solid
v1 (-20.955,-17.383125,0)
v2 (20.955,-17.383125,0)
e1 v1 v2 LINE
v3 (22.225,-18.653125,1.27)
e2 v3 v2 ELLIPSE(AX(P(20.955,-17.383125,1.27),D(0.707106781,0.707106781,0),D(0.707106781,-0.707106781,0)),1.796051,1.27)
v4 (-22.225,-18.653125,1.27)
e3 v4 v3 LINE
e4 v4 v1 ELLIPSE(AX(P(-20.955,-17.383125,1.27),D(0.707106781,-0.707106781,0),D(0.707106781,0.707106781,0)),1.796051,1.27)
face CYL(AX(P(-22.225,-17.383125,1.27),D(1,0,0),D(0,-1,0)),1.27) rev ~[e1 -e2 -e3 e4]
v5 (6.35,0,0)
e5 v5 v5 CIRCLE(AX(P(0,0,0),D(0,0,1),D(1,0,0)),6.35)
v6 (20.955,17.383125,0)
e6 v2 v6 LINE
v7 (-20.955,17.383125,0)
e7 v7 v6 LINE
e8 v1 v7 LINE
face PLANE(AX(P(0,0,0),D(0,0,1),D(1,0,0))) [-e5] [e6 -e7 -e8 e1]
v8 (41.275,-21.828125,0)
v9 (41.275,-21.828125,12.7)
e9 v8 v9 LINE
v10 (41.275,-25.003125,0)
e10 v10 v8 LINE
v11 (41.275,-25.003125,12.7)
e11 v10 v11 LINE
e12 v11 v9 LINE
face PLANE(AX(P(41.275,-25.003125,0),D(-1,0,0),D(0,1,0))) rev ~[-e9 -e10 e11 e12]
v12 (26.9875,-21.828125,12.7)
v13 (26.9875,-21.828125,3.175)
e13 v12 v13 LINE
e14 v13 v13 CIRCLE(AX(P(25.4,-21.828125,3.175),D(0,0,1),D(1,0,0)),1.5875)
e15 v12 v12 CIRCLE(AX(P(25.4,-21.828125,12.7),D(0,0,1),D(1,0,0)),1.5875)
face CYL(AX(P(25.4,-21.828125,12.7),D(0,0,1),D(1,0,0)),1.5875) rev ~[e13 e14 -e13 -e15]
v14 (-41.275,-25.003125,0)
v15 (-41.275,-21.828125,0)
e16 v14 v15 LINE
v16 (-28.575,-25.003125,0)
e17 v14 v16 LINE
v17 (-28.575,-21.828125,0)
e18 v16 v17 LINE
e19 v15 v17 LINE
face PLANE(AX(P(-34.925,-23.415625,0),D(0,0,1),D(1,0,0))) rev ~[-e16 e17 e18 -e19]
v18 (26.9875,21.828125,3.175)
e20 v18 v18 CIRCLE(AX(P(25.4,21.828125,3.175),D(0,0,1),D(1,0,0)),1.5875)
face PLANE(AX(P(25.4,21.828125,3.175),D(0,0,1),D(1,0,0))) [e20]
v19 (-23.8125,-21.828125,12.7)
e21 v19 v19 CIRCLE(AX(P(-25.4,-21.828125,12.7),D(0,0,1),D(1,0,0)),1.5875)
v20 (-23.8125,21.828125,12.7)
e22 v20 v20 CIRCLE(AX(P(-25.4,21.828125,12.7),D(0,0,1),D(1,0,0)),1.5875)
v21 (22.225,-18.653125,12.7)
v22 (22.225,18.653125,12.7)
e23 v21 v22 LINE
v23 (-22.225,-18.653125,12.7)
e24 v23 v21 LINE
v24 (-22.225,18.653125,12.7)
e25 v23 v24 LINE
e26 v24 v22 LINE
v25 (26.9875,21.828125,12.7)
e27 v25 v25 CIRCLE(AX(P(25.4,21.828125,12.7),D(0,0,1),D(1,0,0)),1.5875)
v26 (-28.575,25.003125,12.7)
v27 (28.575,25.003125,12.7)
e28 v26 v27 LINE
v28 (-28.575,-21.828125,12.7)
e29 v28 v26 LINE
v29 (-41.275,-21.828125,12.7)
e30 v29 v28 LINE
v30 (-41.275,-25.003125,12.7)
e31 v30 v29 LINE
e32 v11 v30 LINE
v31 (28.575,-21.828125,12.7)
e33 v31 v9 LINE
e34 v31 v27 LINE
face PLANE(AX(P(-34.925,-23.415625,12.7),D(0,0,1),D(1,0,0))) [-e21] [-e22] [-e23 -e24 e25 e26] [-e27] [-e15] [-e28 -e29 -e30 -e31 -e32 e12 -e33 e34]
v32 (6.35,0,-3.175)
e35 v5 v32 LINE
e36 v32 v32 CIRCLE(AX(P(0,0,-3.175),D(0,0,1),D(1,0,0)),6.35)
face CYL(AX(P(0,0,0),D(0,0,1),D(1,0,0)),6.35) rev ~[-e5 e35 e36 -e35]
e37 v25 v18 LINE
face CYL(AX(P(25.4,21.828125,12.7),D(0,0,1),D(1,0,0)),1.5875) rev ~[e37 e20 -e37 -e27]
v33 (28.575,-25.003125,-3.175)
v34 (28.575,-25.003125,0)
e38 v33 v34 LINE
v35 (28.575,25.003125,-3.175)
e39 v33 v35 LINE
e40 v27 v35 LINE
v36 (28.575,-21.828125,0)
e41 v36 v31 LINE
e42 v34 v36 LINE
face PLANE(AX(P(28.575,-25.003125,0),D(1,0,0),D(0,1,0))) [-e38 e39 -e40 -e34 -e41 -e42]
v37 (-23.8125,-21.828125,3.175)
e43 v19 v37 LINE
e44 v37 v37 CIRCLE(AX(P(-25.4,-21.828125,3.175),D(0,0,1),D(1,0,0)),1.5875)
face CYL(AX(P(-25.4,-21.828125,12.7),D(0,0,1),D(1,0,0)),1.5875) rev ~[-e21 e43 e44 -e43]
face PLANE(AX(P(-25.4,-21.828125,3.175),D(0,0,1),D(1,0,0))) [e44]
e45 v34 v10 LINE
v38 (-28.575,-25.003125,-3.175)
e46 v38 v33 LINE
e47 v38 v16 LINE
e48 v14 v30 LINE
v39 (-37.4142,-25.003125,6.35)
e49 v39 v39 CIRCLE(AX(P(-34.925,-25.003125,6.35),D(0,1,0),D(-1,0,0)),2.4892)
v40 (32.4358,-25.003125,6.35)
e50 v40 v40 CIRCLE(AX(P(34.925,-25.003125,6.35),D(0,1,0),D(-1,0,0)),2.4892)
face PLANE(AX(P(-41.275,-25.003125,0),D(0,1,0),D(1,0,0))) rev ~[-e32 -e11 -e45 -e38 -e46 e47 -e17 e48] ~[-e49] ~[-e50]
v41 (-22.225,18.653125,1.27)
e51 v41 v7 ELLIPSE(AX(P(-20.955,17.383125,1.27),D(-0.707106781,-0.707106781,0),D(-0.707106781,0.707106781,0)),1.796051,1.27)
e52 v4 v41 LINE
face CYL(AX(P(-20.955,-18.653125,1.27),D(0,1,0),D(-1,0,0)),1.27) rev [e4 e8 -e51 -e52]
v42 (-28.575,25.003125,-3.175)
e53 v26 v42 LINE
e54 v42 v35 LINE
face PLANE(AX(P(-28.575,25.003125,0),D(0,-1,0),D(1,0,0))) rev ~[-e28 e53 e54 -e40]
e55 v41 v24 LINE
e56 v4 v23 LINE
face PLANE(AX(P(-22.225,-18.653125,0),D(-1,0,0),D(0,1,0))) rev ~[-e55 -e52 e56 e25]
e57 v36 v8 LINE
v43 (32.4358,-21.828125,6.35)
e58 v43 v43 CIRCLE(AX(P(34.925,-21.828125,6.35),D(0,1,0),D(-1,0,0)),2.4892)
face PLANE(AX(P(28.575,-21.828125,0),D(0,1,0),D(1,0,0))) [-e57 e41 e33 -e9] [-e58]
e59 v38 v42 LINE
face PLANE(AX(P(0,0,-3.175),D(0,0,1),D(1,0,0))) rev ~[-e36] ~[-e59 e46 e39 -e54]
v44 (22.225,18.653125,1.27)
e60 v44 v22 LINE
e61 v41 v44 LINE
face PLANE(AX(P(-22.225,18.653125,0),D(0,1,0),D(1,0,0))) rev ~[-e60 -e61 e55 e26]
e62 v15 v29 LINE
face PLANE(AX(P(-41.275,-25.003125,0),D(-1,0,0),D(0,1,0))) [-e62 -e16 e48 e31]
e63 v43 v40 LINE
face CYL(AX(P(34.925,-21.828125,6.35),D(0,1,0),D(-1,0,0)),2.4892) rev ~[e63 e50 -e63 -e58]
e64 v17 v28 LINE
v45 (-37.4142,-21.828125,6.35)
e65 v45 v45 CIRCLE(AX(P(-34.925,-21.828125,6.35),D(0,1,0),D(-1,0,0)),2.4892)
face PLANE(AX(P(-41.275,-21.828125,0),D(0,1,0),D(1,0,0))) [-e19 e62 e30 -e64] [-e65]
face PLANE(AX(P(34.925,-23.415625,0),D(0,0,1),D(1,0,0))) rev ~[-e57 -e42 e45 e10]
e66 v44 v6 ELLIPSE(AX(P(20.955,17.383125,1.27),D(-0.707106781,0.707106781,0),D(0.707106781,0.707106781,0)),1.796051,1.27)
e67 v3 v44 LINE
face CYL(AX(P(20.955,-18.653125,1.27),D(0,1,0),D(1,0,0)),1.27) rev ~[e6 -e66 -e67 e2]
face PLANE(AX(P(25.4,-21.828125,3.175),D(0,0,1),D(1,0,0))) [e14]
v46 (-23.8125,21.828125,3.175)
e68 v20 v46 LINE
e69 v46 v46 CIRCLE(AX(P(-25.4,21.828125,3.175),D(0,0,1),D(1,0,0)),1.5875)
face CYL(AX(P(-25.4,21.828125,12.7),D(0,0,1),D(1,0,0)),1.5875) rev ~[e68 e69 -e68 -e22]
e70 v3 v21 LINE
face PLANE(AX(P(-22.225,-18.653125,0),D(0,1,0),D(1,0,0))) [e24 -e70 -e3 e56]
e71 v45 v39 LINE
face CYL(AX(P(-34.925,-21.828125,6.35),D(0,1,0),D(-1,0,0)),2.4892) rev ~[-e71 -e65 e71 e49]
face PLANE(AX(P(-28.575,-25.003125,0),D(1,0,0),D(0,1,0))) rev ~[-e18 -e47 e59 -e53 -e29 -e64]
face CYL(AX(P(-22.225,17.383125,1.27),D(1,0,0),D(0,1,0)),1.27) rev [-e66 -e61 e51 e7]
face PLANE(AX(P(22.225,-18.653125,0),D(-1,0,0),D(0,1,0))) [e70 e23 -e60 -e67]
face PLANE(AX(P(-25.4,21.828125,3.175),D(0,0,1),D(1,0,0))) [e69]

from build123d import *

# Parameters (mm, degrees)
SKETCH1_W           = 57.15
SKETCH1_H           = 50.00625
SKETCH1_W_2         = 44.45
SKETCH1_H_2         = 37.30625
BOSS_EXTRUDE1_DEPTH = 12.7
SKETCH2_W           = 57.15
SKETCH2_H           = 50.00625
SKETCH2_R           = 6.35
BOSS_EXTRUDE2_DEPTH = 3.175
SKETCH4_W           = 12.7
SKETCH4_H           = 3.175
BOSS_EXTRUDE3_DEPTH = 12.7
SKETCH5_R           = 2.4892
CUT_EXTRUDE1_DEPTH  = 3.175
FILLET1_R           = 1.27
SKETCH6_R           = 1.5875
CUT_EXTRUDE2_DEPTH  = 9.525


with BuildPart() as part:
    # Sketch1 → Boss-Extrude1 (new body)
    with BuildSketch(Plane.XY):
        Rectangle(SKETCH1_W, SKETCH1_H)
        Rectangle(SKETCH1_W_2, SKETCH1_H_2, mode=Mode.SUBTRACT)
    extrude(amount=BOSS_EXTRUDE1_DEPTH)

    # Sketch2 → Boss-Extrude2 (add)
    with BuildSketch(Plane.XY):
        Rectangle(SKETCH2_W, SKETCH2_H)
        Circle(SKETCH2_R, mode=Mode.SUBTRACT)
    extrude(amount=-BOSS_EXTRUDE2_DEPTH)

    # Sketch4 → Boss-Extrude3 (add)
    with BuildSketch(Plane.XY):
        with Locations((-34.925, -23.415625)):
            Rectangle(SKETCH4_W, SKETCH4_H)
        with Locations((34.925, -23.415625)):
            Rectangle(SKETCH4_W, SKETCH4_H)
    extrude(amount=BOSS_EXTRUDE3_DEPTH)

    # Sketch5 → Cut-Extrude1 (cut)
    with BuildSketch(Plane(origin=(0, -21.828125, 0), x_dir=(1, 0, 0), z_dir=(0, 1, 0))):
        with Locations(Location((-34.925, -6.35, 0), (0, 0, 180))):
            Circle(SKETCH5_R)
        with Locations(Location((34.925, -6.35, 0), (0, 0, 180))):
            Circle(SKETCH5_R)
    extrude(amount=-CUT_EXTRUDE1_DEPTH, mode=Mode.SUBTRACT)

    # Fillet1
    fillet1_edges = [part.edges().sort_by_distance(p)[0] for p in [
        (-22.225, 0, 0),
        (0, -18.653125, 0),
        (22.225, 0, 0),
        (0, 18.653125, 0),
    ]]
    fillet(fillet1_edges, radius=FILLET1_R)

    # Sketch6 → Cut-Extrude2 (cut)
    with BuildSketch(Plane.XY.offset(12.7)):
        with Locations((-25.4, 21.828125)):
            Circle(SKETCH6_R)
        with Locations((25.4, 21.828125)):
            Circle(SKETCH6_R)
        with Locations((25.4, -21.828125)):
            Circle(SKETCH6_R)
        with Locations((-25.4, -21.828125)):
            Circle(SKETCH6_R)
    extrude(amount=-CUT_EXTRUDE2_DEPTH, mode=Mode.SUBTRACT)


solid = part.part
